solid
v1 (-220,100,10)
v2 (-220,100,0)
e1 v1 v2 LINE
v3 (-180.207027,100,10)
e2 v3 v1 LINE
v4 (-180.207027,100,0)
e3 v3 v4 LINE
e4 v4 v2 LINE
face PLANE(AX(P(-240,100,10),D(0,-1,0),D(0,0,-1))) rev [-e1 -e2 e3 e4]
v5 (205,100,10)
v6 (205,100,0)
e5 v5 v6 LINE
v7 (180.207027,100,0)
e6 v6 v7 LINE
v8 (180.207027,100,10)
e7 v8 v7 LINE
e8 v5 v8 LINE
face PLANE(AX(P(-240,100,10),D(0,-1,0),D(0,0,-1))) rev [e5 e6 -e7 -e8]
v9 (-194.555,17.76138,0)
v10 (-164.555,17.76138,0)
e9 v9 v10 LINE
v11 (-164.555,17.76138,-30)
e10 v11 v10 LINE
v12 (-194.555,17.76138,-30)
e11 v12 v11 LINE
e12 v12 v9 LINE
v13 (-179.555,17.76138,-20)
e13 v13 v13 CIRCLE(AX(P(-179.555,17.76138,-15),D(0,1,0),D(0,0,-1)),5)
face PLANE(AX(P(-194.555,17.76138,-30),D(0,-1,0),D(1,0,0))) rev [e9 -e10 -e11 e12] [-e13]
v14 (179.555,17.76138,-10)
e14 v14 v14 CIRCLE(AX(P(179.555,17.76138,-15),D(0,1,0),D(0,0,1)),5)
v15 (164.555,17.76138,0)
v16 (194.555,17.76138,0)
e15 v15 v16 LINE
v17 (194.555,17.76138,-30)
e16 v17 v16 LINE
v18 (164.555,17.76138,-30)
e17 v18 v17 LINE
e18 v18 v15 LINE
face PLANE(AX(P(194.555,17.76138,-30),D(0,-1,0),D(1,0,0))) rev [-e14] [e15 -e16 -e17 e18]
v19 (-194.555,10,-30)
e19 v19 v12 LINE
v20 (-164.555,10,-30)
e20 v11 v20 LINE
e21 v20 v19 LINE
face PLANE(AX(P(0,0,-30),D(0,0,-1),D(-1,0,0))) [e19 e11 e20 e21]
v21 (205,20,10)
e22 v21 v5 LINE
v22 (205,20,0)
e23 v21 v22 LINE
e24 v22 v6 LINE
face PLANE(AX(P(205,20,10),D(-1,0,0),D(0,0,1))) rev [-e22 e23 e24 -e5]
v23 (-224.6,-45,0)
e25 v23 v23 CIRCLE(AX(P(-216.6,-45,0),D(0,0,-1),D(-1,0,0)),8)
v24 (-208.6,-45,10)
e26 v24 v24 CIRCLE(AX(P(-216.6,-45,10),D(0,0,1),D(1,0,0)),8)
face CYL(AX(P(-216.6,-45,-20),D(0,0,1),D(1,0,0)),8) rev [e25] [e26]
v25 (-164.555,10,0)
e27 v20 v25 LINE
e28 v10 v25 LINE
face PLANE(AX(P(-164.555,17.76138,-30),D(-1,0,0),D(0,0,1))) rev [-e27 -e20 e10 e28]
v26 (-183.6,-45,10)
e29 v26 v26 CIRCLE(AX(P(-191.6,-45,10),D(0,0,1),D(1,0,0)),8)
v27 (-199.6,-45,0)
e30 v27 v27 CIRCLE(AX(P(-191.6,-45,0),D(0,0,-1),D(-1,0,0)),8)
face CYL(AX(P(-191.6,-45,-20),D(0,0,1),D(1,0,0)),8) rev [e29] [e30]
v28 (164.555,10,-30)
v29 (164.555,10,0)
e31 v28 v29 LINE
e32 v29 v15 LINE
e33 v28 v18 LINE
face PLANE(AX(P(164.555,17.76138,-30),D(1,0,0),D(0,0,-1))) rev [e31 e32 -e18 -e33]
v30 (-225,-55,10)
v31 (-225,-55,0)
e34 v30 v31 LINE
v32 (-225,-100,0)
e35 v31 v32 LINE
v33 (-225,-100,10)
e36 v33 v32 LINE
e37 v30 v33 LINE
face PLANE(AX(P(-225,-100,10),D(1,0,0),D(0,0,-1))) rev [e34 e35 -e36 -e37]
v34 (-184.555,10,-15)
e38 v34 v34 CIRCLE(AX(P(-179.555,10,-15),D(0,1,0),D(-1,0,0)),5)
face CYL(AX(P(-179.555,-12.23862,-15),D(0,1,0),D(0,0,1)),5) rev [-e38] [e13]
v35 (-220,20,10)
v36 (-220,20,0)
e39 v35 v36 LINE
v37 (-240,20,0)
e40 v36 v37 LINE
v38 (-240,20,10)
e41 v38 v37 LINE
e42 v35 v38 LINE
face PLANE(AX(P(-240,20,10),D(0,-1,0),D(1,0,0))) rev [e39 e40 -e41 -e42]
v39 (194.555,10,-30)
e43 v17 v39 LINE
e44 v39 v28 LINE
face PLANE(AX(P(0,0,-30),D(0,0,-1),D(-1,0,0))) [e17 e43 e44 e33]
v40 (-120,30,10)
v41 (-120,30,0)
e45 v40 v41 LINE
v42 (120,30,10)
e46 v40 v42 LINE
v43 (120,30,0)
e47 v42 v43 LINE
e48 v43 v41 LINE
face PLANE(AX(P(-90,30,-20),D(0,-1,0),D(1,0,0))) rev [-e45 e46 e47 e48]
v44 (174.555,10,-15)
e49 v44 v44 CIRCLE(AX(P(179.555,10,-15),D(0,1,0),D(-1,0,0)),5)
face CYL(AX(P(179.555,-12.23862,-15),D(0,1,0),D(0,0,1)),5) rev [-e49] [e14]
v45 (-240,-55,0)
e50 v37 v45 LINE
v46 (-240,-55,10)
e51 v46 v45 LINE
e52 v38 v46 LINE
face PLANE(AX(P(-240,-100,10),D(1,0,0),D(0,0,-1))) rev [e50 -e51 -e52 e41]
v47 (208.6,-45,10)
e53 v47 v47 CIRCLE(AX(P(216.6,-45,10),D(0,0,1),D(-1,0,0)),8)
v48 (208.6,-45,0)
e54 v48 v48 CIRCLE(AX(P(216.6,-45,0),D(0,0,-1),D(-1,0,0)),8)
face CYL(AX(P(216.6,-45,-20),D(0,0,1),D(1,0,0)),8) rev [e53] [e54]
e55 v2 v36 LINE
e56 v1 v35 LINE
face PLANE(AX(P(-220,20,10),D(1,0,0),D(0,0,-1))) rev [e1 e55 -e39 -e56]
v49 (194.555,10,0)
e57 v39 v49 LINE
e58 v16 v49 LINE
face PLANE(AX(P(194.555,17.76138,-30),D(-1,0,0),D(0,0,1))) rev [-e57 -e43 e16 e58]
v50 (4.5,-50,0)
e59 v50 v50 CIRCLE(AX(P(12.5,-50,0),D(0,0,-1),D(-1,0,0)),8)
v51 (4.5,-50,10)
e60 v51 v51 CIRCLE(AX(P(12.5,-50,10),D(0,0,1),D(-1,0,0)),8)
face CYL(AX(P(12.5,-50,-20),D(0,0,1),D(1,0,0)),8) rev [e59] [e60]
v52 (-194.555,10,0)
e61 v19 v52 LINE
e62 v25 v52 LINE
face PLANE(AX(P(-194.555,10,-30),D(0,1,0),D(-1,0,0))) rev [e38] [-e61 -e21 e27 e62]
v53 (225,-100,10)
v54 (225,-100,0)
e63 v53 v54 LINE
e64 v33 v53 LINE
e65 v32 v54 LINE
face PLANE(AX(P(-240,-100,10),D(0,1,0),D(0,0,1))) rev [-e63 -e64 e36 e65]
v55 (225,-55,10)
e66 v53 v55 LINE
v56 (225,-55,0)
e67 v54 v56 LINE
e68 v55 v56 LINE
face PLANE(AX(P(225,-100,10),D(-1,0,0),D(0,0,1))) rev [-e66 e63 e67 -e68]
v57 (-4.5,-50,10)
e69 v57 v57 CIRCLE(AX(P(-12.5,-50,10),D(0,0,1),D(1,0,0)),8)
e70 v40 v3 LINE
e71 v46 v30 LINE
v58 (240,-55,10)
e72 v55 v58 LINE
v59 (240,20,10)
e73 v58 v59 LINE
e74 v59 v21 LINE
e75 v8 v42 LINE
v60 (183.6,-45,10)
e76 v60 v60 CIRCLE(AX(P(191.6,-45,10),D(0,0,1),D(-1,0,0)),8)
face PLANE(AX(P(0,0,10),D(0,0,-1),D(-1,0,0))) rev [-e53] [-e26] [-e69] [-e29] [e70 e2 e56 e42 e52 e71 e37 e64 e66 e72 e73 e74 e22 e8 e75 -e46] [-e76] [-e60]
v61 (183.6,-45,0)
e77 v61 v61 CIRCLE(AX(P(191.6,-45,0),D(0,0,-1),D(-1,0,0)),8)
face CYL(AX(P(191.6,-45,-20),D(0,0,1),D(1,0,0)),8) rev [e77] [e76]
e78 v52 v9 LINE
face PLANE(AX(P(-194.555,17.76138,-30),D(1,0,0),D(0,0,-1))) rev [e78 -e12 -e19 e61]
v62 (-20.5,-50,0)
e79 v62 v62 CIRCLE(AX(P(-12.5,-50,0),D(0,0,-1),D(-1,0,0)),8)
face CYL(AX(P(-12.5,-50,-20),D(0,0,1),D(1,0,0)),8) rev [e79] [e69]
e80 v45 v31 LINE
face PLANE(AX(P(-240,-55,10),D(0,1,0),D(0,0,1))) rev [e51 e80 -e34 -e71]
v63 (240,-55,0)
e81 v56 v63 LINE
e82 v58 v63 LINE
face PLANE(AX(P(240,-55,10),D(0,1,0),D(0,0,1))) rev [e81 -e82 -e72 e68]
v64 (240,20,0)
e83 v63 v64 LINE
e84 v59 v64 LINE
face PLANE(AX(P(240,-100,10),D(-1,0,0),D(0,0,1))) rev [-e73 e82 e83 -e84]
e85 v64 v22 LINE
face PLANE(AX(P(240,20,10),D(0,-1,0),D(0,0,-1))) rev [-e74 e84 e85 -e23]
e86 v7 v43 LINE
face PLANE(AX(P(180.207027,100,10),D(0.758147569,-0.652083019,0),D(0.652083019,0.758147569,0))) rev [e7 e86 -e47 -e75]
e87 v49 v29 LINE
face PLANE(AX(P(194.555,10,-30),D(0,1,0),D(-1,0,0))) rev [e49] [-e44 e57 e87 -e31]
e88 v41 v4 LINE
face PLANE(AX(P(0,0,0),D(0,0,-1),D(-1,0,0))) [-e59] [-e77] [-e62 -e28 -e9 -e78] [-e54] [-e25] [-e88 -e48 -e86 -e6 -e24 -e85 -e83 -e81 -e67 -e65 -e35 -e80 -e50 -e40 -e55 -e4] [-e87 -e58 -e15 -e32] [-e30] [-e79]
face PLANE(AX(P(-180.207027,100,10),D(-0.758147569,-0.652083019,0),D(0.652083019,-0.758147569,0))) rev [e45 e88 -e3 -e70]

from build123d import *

# Parameters (mm, degrees)
SKETCH1_W           = 480
SKETCH1_H           = 200
BOSS_EXTRUDE1_DEPTH = 10
SKETCH2_W           = 30
SKETCH2_H           = 7.761380017
BOSS_EXTRUDE2_DEPTH = 30
SKETCH3_R           = 5
CUT_EXTRUDE1_DEPTH  = 30
SKETCH5_R           = 8
CUT_EXTRUDE2_DEPTH  = 30
SKETCH6_W           = 15
SKETCH6_H           = 45
SKETCH6_W_2         = 20
SKETCH6_H_2         = 80
SKETCH6_W_3         = 35
CUT_EXTRUDE3_DEPTH  = 10


with BuildPart() as part:
    # Sketch1 → Boss-Extrude1 (new body)
    with BuildSketch(Plane.XY):
        Rectangle(SKETCH1_W, SKETCH1_H)
    extrude(amount=BOSS_EXTRUDE1_DEPTH)

    # Sketch2 → Boss-Extrude2 (add)
    with BuildSketch(Plane(origin=(0, 0, 0), x_dir=(-1, 0, 0), z_dir=(0, 0, -1))):
        with Locations((-179.555, 13.880690009)):
            Rectangle(SKETCH2_W, SKETCH2_H)
        with Locations((179.555, 13.880690009)):
            Rectangle(SKETCH2_W, SKETCH2_H)
    extrude(amount=BOSS_EXTRUDE2_DEPTH)

    # Sketch3 → Cut-Extrude1 (cut)
    with BuildSketch(Plane(origin=(0, 17.761380017, 0), x_dir=(1, 0, 0), z_dir=(0, 1, 0))):
        with Locations((179.555, 15)):
            Circle(SKETCH3_R)
        with Locations((-179.555, 15)):
            Circle(SKETCH3_R)
    extrude(amount=-CUT_EXTRUDE1_DEPTH, mode=Mode.SUBTRACT)

    # Sketch5 → Cut-Extrude2 (cut)
    with BuildSketch(Plane.XY.offset(10)):
        with Locations((-12.5, -50)):
            Circle(SKETCH5_R)
        with Locations((-216.6, -45)):
            Circle(SKETCH5_R)
        with Locations((-191.6, -45)):
            Circle(SKETCH5_R)
        with Locations((12.5, -50)):
            Circle(SKETCH5_R)
        with Locations((191.6, -45)):
            Circle(SKETCH5_R)
        with Locations((216.6, -45)):
            Circle(SKETCH5_R)
        Polygon((140, 100), (90, 30), (-90, 30), (-140, 100), align=None)
    extrude(amount=-CUT_EXTRUDE2_DEPTH, mode=Mode.SUBTRACT)

    # Sketch6 → Cut-Extrude3 (cut)
    with BuildSketch(Plane(origin=(0, 0, 0), x_dir=(-1, 0, 0), z_dir=(0, 0, -1))):
        with Locations((-232.5, -77.5)):
            Rectangle(SKETCH6_W, SKETCH6_H)
        with Locations((232.5, -77.5)):
            Rectangle(SKETCH6_W, SKETCH6_H)
        with Locations((230, 60)):
            Rectangle(SKETCH6_W_2, SKETCH6_H_2)
        with Locations((-222.5, 60)):
            Rectangle(SKETCH6_W_3, SKETCH6_H_2)
        Polygon((140.207027179, 100), (180.207027179, 100), (120, 30), (90, 30), (114.970016322, 100), align=None)
        Polygon((-120, 30), (-90, 30), (-114.970016322, 100), (-140.207027179, 100), (-180.207027179, 100), align=None)
    extrude(amount=-CUT_EXTRUDE3_DEPTH, mode=Mode.SUBTRACT)


solid = part.part
